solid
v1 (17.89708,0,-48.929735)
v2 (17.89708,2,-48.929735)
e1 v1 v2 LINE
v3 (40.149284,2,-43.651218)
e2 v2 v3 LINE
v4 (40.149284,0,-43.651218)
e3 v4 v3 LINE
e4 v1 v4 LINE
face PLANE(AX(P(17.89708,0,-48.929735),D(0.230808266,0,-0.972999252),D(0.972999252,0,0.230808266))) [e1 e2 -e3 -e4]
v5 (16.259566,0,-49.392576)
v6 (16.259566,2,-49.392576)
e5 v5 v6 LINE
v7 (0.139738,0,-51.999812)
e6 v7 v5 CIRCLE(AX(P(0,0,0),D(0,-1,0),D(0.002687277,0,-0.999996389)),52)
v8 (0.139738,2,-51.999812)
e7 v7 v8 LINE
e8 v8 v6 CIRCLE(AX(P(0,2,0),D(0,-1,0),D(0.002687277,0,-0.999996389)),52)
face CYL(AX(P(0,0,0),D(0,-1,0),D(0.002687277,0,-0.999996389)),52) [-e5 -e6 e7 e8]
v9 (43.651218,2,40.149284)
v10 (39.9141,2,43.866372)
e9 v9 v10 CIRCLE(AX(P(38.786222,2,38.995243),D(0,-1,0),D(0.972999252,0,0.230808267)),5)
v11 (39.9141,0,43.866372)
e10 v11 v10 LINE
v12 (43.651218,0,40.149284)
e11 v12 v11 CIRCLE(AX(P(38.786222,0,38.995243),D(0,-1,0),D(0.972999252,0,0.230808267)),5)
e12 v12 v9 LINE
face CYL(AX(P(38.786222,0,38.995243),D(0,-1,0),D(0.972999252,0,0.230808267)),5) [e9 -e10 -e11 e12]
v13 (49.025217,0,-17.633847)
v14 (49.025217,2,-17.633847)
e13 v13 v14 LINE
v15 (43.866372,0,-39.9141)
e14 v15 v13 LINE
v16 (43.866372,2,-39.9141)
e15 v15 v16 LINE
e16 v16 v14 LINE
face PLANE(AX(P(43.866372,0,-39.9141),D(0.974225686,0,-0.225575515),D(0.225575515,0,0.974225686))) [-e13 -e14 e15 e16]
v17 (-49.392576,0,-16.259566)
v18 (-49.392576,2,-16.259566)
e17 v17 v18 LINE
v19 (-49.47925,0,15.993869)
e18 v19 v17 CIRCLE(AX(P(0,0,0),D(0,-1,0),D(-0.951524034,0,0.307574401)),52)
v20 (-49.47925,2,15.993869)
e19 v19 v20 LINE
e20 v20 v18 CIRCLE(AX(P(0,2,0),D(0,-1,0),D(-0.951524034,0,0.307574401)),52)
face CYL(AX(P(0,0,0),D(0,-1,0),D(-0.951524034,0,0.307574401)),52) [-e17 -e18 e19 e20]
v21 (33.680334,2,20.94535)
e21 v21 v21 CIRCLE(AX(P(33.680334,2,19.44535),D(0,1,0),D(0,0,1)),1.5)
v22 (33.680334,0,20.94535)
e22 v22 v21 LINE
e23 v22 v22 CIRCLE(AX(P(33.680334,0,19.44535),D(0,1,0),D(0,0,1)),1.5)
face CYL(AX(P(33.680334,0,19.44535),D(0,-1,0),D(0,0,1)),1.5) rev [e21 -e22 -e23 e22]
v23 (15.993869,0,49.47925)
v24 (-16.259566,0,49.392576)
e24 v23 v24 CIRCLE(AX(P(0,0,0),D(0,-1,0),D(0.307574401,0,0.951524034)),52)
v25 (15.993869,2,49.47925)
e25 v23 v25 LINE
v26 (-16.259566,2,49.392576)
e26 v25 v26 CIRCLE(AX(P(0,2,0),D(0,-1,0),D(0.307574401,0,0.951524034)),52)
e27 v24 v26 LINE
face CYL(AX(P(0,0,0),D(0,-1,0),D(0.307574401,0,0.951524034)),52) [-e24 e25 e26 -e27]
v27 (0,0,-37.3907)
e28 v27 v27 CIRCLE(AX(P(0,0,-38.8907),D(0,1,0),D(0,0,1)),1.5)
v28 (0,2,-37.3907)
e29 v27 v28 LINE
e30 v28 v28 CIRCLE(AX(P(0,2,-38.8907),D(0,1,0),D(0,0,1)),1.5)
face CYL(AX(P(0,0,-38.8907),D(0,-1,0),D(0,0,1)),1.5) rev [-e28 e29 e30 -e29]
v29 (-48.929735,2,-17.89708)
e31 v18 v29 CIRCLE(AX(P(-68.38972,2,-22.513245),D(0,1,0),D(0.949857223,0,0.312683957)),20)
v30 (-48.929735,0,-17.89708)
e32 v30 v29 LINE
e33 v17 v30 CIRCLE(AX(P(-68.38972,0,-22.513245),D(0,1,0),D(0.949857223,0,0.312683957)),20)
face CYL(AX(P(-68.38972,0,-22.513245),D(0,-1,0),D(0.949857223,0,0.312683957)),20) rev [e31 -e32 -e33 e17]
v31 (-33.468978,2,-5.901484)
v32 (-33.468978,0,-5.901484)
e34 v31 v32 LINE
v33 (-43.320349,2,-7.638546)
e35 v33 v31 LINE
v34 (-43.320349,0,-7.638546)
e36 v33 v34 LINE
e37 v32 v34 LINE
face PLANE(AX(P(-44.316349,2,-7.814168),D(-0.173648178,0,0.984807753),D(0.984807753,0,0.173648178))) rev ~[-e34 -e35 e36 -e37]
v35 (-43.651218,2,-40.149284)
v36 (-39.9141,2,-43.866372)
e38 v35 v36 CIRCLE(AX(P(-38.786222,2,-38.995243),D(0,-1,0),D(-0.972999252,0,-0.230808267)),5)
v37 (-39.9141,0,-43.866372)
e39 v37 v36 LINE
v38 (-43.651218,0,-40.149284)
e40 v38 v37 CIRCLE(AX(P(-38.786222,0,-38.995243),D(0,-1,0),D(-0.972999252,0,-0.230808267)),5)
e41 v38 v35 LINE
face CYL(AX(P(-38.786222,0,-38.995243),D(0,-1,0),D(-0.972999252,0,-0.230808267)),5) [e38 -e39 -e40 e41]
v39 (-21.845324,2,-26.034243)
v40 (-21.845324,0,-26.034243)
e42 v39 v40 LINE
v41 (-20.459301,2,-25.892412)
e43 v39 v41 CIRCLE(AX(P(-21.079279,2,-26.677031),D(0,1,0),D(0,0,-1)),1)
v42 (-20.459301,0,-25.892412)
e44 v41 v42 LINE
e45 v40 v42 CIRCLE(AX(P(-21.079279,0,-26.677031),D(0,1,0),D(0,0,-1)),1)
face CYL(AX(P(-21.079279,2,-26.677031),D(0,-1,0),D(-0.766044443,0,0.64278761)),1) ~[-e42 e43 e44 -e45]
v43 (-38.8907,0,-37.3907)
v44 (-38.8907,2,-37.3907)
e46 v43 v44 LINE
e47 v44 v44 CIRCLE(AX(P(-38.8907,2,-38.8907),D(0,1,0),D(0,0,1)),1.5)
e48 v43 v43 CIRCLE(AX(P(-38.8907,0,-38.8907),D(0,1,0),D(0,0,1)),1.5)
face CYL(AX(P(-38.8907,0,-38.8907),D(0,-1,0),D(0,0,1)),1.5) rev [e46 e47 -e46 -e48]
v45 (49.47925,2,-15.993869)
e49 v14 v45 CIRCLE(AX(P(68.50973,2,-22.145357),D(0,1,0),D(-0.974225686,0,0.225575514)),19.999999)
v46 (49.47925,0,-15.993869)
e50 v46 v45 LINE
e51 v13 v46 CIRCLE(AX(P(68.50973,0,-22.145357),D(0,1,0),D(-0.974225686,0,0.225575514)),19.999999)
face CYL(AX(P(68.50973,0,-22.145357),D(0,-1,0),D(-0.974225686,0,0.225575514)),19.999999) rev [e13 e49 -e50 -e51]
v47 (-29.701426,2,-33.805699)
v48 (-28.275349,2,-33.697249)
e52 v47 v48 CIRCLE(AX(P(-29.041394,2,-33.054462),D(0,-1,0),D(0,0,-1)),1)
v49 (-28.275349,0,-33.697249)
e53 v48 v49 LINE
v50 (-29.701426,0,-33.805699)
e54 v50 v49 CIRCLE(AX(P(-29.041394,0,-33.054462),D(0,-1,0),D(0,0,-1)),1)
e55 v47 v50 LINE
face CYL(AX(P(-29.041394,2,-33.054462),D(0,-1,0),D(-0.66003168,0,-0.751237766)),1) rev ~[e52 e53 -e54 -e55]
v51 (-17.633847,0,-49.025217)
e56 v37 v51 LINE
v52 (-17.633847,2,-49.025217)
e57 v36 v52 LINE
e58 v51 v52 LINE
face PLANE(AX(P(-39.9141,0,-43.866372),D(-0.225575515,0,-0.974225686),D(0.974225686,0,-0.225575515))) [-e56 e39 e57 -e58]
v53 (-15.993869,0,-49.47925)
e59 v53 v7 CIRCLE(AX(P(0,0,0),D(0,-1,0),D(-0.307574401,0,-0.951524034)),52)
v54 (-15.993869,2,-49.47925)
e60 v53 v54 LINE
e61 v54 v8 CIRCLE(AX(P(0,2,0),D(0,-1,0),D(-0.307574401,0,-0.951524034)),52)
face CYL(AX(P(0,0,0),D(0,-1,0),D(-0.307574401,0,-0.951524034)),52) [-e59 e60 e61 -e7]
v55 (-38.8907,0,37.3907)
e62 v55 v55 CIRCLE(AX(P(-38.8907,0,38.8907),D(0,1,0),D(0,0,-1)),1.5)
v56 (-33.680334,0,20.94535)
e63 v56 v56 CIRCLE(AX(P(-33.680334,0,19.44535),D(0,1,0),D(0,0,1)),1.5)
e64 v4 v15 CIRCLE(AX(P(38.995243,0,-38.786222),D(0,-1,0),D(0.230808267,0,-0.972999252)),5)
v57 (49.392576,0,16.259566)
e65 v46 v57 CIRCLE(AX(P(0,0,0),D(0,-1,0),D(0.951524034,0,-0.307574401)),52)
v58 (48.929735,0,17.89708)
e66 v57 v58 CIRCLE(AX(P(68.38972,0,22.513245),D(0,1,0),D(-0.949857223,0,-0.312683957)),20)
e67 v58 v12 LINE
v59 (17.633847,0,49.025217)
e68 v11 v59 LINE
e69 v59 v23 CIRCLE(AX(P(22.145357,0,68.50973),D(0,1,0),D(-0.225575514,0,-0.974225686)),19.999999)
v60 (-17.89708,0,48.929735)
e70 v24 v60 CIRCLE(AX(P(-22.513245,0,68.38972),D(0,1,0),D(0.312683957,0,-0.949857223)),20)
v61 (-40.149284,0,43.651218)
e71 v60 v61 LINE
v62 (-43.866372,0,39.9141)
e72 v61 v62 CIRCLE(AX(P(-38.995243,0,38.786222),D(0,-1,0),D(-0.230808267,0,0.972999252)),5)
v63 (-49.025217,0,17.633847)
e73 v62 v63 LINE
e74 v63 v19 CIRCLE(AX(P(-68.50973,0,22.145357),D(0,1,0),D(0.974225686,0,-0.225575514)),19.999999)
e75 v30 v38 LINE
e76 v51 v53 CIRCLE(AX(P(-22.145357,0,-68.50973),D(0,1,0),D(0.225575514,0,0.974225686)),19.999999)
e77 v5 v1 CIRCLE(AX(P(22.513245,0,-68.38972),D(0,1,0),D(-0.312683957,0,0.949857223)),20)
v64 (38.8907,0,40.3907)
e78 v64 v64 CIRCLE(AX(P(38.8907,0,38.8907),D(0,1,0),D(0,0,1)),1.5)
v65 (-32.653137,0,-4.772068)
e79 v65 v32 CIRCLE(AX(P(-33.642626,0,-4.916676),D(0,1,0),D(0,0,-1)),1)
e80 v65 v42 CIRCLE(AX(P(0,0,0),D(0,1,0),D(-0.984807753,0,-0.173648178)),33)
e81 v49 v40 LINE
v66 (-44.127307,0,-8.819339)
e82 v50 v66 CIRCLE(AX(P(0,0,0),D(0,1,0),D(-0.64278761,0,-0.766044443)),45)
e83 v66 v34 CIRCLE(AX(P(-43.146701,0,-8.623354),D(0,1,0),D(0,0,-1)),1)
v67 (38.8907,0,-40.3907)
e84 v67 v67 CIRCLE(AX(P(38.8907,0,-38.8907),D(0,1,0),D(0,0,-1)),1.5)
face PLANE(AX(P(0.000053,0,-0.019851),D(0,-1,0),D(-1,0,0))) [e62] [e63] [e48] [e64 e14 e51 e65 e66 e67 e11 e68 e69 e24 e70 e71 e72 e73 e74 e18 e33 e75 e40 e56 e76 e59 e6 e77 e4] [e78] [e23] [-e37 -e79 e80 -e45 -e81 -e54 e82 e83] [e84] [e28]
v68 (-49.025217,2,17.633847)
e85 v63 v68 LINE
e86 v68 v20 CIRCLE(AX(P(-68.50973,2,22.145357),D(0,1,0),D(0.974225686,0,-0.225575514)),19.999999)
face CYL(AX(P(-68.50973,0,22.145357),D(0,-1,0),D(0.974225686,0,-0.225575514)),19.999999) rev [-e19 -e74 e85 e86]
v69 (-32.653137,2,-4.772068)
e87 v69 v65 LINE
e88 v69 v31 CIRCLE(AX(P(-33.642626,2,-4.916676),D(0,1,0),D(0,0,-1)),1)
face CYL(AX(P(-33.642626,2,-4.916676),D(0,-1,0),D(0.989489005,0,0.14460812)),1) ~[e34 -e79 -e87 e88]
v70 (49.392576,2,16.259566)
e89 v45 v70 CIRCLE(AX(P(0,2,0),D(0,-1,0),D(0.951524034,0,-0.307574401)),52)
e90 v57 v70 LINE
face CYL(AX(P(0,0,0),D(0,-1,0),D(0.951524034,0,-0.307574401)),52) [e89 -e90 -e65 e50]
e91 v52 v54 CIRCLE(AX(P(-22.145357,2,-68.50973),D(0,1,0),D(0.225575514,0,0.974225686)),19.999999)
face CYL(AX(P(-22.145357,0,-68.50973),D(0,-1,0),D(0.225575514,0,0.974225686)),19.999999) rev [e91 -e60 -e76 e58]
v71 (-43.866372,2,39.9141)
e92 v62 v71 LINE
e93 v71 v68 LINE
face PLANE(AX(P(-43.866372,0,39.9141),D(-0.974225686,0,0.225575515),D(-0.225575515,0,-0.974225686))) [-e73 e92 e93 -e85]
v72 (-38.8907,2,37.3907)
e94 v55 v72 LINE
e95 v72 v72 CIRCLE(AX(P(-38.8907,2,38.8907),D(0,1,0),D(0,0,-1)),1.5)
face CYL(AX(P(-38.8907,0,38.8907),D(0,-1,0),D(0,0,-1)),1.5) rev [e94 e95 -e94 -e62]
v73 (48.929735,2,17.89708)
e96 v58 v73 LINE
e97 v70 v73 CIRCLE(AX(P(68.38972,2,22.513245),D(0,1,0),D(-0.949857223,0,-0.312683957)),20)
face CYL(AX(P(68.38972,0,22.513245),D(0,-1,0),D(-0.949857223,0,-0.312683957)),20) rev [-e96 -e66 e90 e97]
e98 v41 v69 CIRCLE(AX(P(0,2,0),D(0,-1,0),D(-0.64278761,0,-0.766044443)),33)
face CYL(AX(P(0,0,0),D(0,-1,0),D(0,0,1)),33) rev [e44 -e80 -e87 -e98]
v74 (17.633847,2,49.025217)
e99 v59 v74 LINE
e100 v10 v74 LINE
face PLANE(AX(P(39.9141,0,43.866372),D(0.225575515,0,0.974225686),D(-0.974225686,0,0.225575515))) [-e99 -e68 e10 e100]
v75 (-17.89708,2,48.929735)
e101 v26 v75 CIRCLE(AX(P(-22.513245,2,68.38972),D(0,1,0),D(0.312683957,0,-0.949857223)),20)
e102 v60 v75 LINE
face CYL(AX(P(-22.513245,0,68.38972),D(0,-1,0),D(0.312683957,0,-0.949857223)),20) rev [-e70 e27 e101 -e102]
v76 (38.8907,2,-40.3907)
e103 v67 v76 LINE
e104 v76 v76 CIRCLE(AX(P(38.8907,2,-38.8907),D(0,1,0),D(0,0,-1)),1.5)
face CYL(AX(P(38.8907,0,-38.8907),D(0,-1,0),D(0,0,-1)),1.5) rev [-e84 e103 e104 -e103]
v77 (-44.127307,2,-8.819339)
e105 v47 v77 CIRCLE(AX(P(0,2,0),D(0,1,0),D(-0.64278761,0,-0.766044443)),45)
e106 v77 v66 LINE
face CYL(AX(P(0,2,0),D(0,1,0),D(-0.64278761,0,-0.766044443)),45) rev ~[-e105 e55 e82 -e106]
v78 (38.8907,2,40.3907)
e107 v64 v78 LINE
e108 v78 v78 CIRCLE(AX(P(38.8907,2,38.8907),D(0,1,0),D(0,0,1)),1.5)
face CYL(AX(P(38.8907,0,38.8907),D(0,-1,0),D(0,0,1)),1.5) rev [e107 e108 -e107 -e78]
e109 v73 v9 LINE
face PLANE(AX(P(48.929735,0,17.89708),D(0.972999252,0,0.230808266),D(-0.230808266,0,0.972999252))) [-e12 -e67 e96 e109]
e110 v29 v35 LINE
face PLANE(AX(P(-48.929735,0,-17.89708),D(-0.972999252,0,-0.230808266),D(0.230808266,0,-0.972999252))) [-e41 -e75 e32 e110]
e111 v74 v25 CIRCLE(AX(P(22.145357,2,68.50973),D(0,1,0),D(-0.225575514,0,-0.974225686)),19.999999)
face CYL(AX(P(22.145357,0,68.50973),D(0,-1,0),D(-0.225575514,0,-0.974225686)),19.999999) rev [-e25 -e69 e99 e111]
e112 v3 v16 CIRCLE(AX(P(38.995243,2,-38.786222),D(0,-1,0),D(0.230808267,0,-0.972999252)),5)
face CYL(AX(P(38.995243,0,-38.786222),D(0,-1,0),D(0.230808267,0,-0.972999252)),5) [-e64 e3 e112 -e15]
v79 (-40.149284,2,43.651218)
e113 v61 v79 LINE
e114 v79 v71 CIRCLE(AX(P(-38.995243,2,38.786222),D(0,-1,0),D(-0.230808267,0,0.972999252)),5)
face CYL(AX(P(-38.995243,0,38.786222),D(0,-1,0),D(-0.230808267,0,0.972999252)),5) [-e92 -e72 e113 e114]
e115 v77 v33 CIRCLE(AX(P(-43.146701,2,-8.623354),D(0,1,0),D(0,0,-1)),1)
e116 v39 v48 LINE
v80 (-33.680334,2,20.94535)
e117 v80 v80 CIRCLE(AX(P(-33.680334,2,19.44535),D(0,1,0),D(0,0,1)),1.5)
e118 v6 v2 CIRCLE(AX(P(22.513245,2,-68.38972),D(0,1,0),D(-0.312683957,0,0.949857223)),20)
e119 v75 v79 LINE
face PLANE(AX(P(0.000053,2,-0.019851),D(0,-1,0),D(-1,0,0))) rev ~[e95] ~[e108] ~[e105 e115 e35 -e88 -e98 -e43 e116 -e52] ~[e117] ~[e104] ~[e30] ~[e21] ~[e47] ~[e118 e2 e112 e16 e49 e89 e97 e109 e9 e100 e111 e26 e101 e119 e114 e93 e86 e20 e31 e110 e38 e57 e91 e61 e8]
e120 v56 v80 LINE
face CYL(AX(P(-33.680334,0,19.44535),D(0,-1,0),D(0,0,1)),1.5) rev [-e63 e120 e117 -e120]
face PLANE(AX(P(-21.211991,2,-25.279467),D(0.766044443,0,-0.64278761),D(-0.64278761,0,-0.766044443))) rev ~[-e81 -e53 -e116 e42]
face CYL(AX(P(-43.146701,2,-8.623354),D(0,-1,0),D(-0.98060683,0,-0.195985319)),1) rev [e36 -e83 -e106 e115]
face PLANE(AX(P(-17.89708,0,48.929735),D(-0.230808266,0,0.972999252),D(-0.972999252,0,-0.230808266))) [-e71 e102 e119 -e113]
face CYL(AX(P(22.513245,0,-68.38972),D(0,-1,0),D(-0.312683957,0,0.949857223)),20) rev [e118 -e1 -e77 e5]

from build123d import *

# Parameters (mm, degrees)
SKETCH2_R           = 1.5
SKETCH2_R_2         = 33
BOSS_EXTRUDE1_DEPTH = 2
CUT_EXTRUDE1_DEPTH  = 74.566296631
FILLET1_R           = 1


with BuildPart() as part:
    # Sketch2 → Boss-Extrude1 (new body)
    with BuildSketch(Plane(origin=(0, 0, 0), x_dir=(1, 0, 0), z_dir=(0, 1, 0))):
        with BuildLine():
            Line((17.897079586, 48.929734976), (40.149284407, 43.651218265))
            ThreePointArc((40.149284407, 43.651218265), (42.540265174, 42.312242187), (43.866371506, 39.91409958))
            Line((43.866371506, 39.91409958), (49.02521675, 17.633846579))
            ThreePointArc((49.02521675, 17.633846579), (49.23478351, 16.809026698), (49.479249782, 15.993868858))
            ThreePointArc((49.479249782, 15.993868858), (51.999812242, -0.139738387), (49.392575566, -16.259565766))
            ThreePointArc((49.392575566, -16.259565766), (49.143731732, -17.073397941), (48.929734976, -17.897079586))
            Line((48.929734976, -17.897079586), (43.651218265, -40.149284407))
            ThreePointArc((43.651218265, -40.149284407), (42.312242187, -42.540265174), (39.91409958, -43.866371506))
            Line((39.91409958, -43.866371506), (17.633846579, -49.02521675))
            ThreePointArc((17.633846579, -49.02521675), (16.809026698, -49.23478351), (15.993868858, -49.479249782))
            ThreePointArc((15.993868858, -49.479249782), (-0.139738387, -51.999812242), (-16.259565766, -49.392575566))
            ThreePointArc((-16.259565766, -49.392575566), (-17.073397941, -49.143731732), (-17.897079586, -48.929734976))
            Line((-17.897079586, -48.929734976), (-40.149284407, -43.651218265))
            ThreePointArc((-40.149284407, -43.651218265), (-42.540265174, -42.312242187), (-43.866371506, -39.91409958))
            Line((-43.866371506, -39.91409958), (-49.02521675, -17.633846579))
            ThreePointArc((-49.02521675, -17.633846579), (-49.23478351, -16.809026698), (-49.479249782, -15.993868858))
            ThreePointArc((-49.479249782, -15.993868858), (-51.999812242, 0.139738387), (-49.392575566, 16.259565766))
            ThreePointArc((-49.392575566, 16.259565766), (-49.143731732, 17.073397941), (-48.929734976, 17.897079586))
            Line((-48.929734976, 17.897079586), (-43.651218265, 40.149284407))
            ThreePointArc((-43.651218265, 40.149284407), (-42.312242187, 42.540265174), (-39.91409958, 43.866371506))
            Line((-39.91409958, 43.866371506), (-17.633846579, 49.02521675))
            ThreePointArc((-17.633846579, 49.02521675), (-16.809026698, 49.23478351), (-15.993868858, 49.479249782))
            ThreePointArc((-15.993868858, 49.479249782), (-8.026622704, 51.3767781), (0.139738387, 51.999812242))
            ThreePointArc((0.139738387, 51.999812242), (8.302633013, 51.332896714), (16.259565766, 49.392575566))
            ThreePointArc((16.259565766, 49.392575566), (17.073397941, 49.143731732), (17.897079586, 48.929734976))
        make_face()
        with Locations(Location((-38.8907, 38.8907, 0), (0, 0, 270))):
            Circle(SKETCH2_R, mode=Mode.SUBTRACT)
        with Locations(Location((38.8907, 38.8907, 0), (0, 0, 90))):
            Circle(SKETCH2_R, mode=Mode.SUBTRACT)
        with Locations(Location((38.8907, -38.8907, 0), (0, 0, 270))):
            Circle(SKETCH2_R, mode=Mode.SUBTRACT)
        with Locations(Location((-38.8907, -38.8907, 0), (0, 0, 90))):
            Circle(SKETCH2_R, mode=Mode.SUBTRACT)
        with Locations(Location((0, 0, 0), (0, 0, 270))):
            Circle(SKETCH2_R_2, mode=Mode.SUBTRACT)
        with Locations(Location((0, 38.8907, 0), (0, 0, 270))):
            Circle(SKETCH2_R, mode=Mode.SUBTRACT)
        with Locations(Location((-33.680334171, -19.44535, 0), (0, 0, 270))):
            Circle(SKETCH2_R, mode=Mode.SUBTRACT)
        with Locations(Location((33.680334171, -19.44535, 0), (0, 0, 270))):
            Circle(SKETCH2_R, mode=Mode.SUBTRACT)
    extrude(amount=BOSS_EXTRUDE1_DEPTH)

    # Sketch3 → Cut-Extrude1 (cut, through all)
    with BuildSketch(Plane(origin=(0, 2, 0), x_dir=(1, 0, 0), z_dir=(0, 1, 0))):
        with BuildLine():
            Line((-21.21199112, 25.279466623), (-28.925442436, 34.47199994))
            ThreePointArc((-28.925442436, 34.47199994), (-38.97114317, 22.5), (-44.316348886, 7.814167995))
            Line((-44.316348886, 7.814167995), (-32.498655849, 5.730389863))
            ThreePointArc((-32.498655849, 5.730389863), (-28.578838325, 16.5), (-21.21199112, 25.279466623))
        make_face()
    extrude(amount=-CUT_EXTRUDE1_DEPTH, mode=Mode.SUBTRACT)

    # Fillet1
    fillet1_edges = [part.edges().sort_by_distance(p)[0] for p in [
        (-44.316348886, 1, -7.814167995),
        (-28.925442436, 1, -34.47199994),
        (-21.21199112, 1, -25.279466623),
        (-32.498655849, 1, -5.730389863),
    ]]
    fillet(fillet1_edges, radius=FILLET1_R)


solid = part.part
